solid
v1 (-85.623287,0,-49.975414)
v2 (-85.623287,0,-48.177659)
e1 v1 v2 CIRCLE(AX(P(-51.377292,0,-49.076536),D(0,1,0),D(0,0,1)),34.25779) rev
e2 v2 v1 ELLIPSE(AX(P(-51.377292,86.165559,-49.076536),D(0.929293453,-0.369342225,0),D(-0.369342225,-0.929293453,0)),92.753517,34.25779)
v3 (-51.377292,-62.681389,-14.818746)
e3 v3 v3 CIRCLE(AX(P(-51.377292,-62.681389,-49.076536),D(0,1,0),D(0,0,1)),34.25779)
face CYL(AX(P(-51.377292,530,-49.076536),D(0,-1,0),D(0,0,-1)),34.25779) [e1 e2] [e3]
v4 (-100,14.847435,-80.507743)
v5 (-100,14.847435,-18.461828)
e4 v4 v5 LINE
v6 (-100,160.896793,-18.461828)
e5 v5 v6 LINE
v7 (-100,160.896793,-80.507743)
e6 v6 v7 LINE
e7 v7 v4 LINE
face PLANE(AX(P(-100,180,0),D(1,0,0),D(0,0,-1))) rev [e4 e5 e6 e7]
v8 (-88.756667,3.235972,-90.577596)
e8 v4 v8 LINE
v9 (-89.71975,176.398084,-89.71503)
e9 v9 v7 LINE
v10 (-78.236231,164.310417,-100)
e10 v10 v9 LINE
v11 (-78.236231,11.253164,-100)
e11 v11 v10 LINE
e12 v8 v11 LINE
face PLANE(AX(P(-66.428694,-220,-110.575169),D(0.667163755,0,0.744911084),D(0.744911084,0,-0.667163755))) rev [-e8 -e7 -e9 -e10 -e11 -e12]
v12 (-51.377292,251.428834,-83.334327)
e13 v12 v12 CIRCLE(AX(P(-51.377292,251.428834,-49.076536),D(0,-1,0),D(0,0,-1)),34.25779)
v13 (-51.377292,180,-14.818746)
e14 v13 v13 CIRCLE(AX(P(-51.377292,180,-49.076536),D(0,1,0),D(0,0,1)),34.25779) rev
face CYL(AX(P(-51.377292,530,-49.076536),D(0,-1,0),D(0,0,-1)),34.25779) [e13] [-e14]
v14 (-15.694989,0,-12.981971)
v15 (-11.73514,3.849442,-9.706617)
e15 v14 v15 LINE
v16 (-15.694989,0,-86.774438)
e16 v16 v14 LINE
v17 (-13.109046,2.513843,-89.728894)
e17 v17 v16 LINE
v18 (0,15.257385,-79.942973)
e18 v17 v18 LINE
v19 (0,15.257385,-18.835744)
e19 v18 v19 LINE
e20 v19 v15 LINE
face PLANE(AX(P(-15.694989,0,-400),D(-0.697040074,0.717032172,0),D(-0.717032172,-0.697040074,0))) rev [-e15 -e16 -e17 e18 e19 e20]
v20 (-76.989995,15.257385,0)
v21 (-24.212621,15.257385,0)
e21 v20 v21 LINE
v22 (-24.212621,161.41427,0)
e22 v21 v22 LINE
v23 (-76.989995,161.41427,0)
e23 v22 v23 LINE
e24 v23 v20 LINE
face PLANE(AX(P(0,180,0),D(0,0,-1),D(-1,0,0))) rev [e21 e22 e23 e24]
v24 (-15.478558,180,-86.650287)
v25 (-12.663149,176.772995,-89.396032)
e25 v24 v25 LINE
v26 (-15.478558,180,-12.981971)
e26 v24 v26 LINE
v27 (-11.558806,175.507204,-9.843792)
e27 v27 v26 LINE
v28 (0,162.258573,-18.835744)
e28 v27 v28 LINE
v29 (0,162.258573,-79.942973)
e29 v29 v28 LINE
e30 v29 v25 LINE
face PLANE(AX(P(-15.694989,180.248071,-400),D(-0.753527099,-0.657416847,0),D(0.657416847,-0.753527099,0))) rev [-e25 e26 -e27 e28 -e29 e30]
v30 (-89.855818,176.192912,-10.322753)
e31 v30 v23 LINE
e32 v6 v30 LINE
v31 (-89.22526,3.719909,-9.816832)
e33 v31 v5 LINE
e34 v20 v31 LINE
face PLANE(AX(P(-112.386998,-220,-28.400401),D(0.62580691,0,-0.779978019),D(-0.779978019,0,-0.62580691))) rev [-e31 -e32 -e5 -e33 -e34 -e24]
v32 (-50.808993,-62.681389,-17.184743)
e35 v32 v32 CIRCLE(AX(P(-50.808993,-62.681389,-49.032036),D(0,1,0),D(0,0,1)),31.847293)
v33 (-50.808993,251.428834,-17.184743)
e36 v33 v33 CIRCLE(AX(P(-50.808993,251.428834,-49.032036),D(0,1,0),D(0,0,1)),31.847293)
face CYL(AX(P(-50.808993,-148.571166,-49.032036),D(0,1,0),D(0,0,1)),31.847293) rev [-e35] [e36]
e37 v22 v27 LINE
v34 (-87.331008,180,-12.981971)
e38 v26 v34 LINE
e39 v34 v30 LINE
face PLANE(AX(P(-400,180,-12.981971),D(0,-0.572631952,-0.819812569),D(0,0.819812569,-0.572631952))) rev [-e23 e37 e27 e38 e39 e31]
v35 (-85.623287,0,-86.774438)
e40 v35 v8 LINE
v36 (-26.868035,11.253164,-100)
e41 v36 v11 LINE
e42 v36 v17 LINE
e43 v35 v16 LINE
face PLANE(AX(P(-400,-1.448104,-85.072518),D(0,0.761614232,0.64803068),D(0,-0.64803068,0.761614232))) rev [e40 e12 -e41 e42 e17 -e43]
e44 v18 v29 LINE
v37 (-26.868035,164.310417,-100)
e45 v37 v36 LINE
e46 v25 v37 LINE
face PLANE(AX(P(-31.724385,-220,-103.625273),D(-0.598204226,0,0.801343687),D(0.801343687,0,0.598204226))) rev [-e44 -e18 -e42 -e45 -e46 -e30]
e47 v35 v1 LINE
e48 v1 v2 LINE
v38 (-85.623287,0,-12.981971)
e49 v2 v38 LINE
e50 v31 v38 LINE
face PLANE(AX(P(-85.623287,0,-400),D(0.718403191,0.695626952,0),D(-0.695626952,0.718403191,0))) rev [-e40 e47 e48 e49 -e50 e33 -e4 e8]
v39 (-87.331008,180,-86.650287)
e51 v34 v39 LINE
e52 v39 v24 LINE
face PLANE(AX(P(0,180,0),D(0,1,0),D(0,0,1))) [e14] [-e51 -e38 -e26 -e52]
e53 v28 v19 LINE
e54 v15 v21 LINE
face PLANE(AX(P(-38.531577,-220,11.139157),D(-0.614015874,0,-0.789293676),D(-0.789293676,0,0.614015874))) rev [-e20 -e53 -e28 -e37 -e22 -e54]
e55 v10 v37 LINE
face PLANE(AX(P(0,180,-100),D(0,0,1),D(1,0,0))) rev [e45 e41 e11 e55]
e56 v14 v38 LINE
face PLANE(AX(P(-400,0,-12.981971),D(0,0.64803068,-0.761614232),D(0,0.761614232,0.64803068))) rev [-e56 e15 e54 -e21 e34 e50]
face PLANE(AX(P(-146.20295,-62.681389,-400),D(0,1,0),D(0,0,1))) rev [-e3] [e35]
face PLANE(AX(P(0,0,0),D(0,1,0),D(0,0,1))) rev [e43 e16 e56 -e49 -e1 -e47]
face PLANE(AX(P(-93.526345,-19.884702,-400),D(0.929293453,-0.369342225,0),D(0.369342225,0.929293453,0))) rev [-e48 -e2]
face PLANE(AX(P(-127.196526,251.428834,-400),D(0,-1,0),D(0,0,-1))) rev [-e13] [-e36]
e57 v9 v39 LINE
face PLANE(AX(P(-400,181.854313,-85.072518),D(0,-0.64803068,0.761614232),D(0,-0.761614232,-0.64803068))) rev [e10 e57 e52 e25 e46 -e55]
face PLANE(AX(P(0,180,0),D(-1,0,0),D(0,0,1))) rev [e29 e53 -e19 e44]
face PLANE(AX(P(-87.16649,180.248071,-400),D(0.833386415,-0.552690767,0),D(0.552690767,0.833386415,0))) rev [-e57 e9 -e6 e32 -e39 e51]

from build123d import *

# Parameters (mm, degrees)
SKETCH1_W           = 100
SKETCH1_H           = 100
BOSS_EXTRUDE1_DEPTH = 180
SKETCH2_R           = 34.257790197
BOSS_EXTRUDE2_DEPTH = 350
SKETCH3_W           = 152.006357392
SKETCH3_H           = 282.452416457
CUT_EXTRUDE2_DEPTH  = 400
CUT_EXTRUDE3_DEPTH  = 400
CUT_EXTRUDE4_DEPTH  = 400
CUT_EXTRUDE5_DEPTH  = 400
SKETCH7_W           = 160.159381639
SKETCH7_H           = 147.362276113
CUT_EXTRUDE6_DEPTH  = 400
SKETCH8_W           = 147.310744502
SKETCH8_H           = 162.038906966
CUT_EXTRUDE7_DEPTH  = 400
SKETCH9_R           = 31.847293423
CUT_EXTRUDE8_DEPTH  = 400


with BuildPart() as part:
    # Sketch1 → Boss-Extrude1 (new body)
    with BuildSketch(Plane(origin=(0, 0, 0), x_dir=(1, 0, 0), z_dir=(0, 1, 0))):
        with Locations((-50, 50)):
            Rectangle(SKETCH1_W, SKETCH1_H)
    extrude(amount=BOSS_EXTRUDE1_DEPTH)

    # Sketch2 → Boss-Extrude2 (add, symmetric)
    with BuildSketch(Plane(origin=(0, 180, 0), x_dir=(1, 0, 0), z_dir=(0, 1, 0))):
        with Locations(Location((-51.377291833, 49.076536384, 0), (0, 0, 270))):
            Circle(SKETCH2_R)
    extrude(amount=BOSS_EXTRUDE2_DEPTH, both=True)

    # Sketch3 → Cut-Extrude2 (cut)
    with BuildSketch(Plane(origin=(0, 0, 0), x_dir=(0, 0, -1), z_dir=(1, 0, 0))):
        with Locations((57.419900112, 502.274302507)):
            Rectangle(SKETCH3_W, SKETCH3_H)
    extrude(amount=-CUT_EXTRUDE2_DEPTH, mode=Mode.SUBTRACT)

    # Sketch4 → Cut-Extrude3 (cut)
    with BuildSketch(Plane(origin=(0, 0, 0), x_dir=(0, 0, -1), z_dir=(1, 0, 0))):
        Polygon((12.981970869, 0), (-8.994244796, 25.828096003), (-18.564506014, -15.259465835), align=None)
        Polygon((85.072517936, -1.448103984), (109.237639161, 19.113145112), (115.920034239, -3.267382694), align=None)
        Polygon((12.981970869, 180), (-8.994244796, 148.537596011), (-15.418178585, 193.219274892), align=None)
        Polygon((85.072517936, 181.854312784), (103.841225373, 159.795920888), (106.132549481, 198.647393934), align=None)
    extrude(amount=-CUT_EXTRUDE3_DEPTH, mode=Mode.SUBTRACT)

    # Sketch5 → Cut-Extrude4 (cut)
    with BuildSketch(Plane.XY):
        Polygon((-85.623287335, 0), (-106.370377984, 21.426392531), (-122.288861874, 3.209259887), (-93.526345261, -19.884701759), align=None)
        Polygon((-15.694988751, 0), (0, 15.257385304), (12.122677088, 15.257385304), (10.563067769, -19.884701759), align=None)
        Polygon((-87.166490339, 180.248071029), (-106.370377984, 151.29108453), (-117.705469457, 200.501115102), align=None)
        Polygon((-15.694988751, 180.248071029), (7.833767065, 153.279557508), (0, 193.941208308), align=None)
    extrude(amount=-CUT_EXTRUDE4_DEPTH, mode=Mode.SUBTRACT)

    # Sketch6 → Cut-Extrude5 (cut)
    with BuildSketch(Plane(origin=(0, 180, 0), x_dir=(1, 0, 0), z_dir=(0, 1, 0))):
        Polygon((-112.386997555, 28.400400964), (-64.261264503, -10.212759359), (-84.406366528, -15.51192827), (-124.649689542, -15.51192827), align=None)
        Polygon((-97.065537028, 135.861756084), (-119.37552445, 77.792688888), (-118.043343626, 64.347606737), (-66.428694172, 110.575168787), align=None)
        Polygon((-24.69640689, -21.815840769), (11.092108798, -8.97361337), (17.428316417, 32.393768119), (-38.531576846, -11.139157378), align=None)
        Polygon((-17.445484601, 140.804394854), (35.417473102, 107.262520599), (9.305452855, 72.996438725), (-31.724385352, 103.625272537), align=None)
    extrude(amount=-CUT_EXTRUDE5_DEPTH, mode=Mode.SUBTRACT)

    # Sketch7 → Cut-Extrude6 (cut)
    with BuildSketch(Plane.XY):
        with Locations((-66.123258915, -136.36252694)):
            Rectangle(SKETCH7_W, SKETCH7_H)
    extrude(amount=-CUT_EXTRUDE6_DEPTH, mode=Mode.SUBTRACT)

    # Sketch8 → Cut-Extrude7 (cut)
    with BuildSketch(Plane.XY):
        with Locations((-53.541153336, 332.448287589)):
            Rectangle(SKETCH8_W, SKETCH8_H)
    extrude(amount=-CUT_EXTRUDE7_DEPTH, mode=Mode.SUBTRACT)

    # Sketch9 → Cut-Extrude8 (cut)
    with BuildSketch(Plane(origin=(0, 251.428834106, 0), x_dir=(1, 0, 0), z_dir=(0, 1, 0))):
        with Locations(Location((-50.808993157, 49.032036374, 0), (0, 0, 270))):
            Circle(SKETCH9_R)
    extrude(amount=-CUT_EXTRUDE8_DEPTH, mode=Mode.SUBTRACT)


solid = part.part
